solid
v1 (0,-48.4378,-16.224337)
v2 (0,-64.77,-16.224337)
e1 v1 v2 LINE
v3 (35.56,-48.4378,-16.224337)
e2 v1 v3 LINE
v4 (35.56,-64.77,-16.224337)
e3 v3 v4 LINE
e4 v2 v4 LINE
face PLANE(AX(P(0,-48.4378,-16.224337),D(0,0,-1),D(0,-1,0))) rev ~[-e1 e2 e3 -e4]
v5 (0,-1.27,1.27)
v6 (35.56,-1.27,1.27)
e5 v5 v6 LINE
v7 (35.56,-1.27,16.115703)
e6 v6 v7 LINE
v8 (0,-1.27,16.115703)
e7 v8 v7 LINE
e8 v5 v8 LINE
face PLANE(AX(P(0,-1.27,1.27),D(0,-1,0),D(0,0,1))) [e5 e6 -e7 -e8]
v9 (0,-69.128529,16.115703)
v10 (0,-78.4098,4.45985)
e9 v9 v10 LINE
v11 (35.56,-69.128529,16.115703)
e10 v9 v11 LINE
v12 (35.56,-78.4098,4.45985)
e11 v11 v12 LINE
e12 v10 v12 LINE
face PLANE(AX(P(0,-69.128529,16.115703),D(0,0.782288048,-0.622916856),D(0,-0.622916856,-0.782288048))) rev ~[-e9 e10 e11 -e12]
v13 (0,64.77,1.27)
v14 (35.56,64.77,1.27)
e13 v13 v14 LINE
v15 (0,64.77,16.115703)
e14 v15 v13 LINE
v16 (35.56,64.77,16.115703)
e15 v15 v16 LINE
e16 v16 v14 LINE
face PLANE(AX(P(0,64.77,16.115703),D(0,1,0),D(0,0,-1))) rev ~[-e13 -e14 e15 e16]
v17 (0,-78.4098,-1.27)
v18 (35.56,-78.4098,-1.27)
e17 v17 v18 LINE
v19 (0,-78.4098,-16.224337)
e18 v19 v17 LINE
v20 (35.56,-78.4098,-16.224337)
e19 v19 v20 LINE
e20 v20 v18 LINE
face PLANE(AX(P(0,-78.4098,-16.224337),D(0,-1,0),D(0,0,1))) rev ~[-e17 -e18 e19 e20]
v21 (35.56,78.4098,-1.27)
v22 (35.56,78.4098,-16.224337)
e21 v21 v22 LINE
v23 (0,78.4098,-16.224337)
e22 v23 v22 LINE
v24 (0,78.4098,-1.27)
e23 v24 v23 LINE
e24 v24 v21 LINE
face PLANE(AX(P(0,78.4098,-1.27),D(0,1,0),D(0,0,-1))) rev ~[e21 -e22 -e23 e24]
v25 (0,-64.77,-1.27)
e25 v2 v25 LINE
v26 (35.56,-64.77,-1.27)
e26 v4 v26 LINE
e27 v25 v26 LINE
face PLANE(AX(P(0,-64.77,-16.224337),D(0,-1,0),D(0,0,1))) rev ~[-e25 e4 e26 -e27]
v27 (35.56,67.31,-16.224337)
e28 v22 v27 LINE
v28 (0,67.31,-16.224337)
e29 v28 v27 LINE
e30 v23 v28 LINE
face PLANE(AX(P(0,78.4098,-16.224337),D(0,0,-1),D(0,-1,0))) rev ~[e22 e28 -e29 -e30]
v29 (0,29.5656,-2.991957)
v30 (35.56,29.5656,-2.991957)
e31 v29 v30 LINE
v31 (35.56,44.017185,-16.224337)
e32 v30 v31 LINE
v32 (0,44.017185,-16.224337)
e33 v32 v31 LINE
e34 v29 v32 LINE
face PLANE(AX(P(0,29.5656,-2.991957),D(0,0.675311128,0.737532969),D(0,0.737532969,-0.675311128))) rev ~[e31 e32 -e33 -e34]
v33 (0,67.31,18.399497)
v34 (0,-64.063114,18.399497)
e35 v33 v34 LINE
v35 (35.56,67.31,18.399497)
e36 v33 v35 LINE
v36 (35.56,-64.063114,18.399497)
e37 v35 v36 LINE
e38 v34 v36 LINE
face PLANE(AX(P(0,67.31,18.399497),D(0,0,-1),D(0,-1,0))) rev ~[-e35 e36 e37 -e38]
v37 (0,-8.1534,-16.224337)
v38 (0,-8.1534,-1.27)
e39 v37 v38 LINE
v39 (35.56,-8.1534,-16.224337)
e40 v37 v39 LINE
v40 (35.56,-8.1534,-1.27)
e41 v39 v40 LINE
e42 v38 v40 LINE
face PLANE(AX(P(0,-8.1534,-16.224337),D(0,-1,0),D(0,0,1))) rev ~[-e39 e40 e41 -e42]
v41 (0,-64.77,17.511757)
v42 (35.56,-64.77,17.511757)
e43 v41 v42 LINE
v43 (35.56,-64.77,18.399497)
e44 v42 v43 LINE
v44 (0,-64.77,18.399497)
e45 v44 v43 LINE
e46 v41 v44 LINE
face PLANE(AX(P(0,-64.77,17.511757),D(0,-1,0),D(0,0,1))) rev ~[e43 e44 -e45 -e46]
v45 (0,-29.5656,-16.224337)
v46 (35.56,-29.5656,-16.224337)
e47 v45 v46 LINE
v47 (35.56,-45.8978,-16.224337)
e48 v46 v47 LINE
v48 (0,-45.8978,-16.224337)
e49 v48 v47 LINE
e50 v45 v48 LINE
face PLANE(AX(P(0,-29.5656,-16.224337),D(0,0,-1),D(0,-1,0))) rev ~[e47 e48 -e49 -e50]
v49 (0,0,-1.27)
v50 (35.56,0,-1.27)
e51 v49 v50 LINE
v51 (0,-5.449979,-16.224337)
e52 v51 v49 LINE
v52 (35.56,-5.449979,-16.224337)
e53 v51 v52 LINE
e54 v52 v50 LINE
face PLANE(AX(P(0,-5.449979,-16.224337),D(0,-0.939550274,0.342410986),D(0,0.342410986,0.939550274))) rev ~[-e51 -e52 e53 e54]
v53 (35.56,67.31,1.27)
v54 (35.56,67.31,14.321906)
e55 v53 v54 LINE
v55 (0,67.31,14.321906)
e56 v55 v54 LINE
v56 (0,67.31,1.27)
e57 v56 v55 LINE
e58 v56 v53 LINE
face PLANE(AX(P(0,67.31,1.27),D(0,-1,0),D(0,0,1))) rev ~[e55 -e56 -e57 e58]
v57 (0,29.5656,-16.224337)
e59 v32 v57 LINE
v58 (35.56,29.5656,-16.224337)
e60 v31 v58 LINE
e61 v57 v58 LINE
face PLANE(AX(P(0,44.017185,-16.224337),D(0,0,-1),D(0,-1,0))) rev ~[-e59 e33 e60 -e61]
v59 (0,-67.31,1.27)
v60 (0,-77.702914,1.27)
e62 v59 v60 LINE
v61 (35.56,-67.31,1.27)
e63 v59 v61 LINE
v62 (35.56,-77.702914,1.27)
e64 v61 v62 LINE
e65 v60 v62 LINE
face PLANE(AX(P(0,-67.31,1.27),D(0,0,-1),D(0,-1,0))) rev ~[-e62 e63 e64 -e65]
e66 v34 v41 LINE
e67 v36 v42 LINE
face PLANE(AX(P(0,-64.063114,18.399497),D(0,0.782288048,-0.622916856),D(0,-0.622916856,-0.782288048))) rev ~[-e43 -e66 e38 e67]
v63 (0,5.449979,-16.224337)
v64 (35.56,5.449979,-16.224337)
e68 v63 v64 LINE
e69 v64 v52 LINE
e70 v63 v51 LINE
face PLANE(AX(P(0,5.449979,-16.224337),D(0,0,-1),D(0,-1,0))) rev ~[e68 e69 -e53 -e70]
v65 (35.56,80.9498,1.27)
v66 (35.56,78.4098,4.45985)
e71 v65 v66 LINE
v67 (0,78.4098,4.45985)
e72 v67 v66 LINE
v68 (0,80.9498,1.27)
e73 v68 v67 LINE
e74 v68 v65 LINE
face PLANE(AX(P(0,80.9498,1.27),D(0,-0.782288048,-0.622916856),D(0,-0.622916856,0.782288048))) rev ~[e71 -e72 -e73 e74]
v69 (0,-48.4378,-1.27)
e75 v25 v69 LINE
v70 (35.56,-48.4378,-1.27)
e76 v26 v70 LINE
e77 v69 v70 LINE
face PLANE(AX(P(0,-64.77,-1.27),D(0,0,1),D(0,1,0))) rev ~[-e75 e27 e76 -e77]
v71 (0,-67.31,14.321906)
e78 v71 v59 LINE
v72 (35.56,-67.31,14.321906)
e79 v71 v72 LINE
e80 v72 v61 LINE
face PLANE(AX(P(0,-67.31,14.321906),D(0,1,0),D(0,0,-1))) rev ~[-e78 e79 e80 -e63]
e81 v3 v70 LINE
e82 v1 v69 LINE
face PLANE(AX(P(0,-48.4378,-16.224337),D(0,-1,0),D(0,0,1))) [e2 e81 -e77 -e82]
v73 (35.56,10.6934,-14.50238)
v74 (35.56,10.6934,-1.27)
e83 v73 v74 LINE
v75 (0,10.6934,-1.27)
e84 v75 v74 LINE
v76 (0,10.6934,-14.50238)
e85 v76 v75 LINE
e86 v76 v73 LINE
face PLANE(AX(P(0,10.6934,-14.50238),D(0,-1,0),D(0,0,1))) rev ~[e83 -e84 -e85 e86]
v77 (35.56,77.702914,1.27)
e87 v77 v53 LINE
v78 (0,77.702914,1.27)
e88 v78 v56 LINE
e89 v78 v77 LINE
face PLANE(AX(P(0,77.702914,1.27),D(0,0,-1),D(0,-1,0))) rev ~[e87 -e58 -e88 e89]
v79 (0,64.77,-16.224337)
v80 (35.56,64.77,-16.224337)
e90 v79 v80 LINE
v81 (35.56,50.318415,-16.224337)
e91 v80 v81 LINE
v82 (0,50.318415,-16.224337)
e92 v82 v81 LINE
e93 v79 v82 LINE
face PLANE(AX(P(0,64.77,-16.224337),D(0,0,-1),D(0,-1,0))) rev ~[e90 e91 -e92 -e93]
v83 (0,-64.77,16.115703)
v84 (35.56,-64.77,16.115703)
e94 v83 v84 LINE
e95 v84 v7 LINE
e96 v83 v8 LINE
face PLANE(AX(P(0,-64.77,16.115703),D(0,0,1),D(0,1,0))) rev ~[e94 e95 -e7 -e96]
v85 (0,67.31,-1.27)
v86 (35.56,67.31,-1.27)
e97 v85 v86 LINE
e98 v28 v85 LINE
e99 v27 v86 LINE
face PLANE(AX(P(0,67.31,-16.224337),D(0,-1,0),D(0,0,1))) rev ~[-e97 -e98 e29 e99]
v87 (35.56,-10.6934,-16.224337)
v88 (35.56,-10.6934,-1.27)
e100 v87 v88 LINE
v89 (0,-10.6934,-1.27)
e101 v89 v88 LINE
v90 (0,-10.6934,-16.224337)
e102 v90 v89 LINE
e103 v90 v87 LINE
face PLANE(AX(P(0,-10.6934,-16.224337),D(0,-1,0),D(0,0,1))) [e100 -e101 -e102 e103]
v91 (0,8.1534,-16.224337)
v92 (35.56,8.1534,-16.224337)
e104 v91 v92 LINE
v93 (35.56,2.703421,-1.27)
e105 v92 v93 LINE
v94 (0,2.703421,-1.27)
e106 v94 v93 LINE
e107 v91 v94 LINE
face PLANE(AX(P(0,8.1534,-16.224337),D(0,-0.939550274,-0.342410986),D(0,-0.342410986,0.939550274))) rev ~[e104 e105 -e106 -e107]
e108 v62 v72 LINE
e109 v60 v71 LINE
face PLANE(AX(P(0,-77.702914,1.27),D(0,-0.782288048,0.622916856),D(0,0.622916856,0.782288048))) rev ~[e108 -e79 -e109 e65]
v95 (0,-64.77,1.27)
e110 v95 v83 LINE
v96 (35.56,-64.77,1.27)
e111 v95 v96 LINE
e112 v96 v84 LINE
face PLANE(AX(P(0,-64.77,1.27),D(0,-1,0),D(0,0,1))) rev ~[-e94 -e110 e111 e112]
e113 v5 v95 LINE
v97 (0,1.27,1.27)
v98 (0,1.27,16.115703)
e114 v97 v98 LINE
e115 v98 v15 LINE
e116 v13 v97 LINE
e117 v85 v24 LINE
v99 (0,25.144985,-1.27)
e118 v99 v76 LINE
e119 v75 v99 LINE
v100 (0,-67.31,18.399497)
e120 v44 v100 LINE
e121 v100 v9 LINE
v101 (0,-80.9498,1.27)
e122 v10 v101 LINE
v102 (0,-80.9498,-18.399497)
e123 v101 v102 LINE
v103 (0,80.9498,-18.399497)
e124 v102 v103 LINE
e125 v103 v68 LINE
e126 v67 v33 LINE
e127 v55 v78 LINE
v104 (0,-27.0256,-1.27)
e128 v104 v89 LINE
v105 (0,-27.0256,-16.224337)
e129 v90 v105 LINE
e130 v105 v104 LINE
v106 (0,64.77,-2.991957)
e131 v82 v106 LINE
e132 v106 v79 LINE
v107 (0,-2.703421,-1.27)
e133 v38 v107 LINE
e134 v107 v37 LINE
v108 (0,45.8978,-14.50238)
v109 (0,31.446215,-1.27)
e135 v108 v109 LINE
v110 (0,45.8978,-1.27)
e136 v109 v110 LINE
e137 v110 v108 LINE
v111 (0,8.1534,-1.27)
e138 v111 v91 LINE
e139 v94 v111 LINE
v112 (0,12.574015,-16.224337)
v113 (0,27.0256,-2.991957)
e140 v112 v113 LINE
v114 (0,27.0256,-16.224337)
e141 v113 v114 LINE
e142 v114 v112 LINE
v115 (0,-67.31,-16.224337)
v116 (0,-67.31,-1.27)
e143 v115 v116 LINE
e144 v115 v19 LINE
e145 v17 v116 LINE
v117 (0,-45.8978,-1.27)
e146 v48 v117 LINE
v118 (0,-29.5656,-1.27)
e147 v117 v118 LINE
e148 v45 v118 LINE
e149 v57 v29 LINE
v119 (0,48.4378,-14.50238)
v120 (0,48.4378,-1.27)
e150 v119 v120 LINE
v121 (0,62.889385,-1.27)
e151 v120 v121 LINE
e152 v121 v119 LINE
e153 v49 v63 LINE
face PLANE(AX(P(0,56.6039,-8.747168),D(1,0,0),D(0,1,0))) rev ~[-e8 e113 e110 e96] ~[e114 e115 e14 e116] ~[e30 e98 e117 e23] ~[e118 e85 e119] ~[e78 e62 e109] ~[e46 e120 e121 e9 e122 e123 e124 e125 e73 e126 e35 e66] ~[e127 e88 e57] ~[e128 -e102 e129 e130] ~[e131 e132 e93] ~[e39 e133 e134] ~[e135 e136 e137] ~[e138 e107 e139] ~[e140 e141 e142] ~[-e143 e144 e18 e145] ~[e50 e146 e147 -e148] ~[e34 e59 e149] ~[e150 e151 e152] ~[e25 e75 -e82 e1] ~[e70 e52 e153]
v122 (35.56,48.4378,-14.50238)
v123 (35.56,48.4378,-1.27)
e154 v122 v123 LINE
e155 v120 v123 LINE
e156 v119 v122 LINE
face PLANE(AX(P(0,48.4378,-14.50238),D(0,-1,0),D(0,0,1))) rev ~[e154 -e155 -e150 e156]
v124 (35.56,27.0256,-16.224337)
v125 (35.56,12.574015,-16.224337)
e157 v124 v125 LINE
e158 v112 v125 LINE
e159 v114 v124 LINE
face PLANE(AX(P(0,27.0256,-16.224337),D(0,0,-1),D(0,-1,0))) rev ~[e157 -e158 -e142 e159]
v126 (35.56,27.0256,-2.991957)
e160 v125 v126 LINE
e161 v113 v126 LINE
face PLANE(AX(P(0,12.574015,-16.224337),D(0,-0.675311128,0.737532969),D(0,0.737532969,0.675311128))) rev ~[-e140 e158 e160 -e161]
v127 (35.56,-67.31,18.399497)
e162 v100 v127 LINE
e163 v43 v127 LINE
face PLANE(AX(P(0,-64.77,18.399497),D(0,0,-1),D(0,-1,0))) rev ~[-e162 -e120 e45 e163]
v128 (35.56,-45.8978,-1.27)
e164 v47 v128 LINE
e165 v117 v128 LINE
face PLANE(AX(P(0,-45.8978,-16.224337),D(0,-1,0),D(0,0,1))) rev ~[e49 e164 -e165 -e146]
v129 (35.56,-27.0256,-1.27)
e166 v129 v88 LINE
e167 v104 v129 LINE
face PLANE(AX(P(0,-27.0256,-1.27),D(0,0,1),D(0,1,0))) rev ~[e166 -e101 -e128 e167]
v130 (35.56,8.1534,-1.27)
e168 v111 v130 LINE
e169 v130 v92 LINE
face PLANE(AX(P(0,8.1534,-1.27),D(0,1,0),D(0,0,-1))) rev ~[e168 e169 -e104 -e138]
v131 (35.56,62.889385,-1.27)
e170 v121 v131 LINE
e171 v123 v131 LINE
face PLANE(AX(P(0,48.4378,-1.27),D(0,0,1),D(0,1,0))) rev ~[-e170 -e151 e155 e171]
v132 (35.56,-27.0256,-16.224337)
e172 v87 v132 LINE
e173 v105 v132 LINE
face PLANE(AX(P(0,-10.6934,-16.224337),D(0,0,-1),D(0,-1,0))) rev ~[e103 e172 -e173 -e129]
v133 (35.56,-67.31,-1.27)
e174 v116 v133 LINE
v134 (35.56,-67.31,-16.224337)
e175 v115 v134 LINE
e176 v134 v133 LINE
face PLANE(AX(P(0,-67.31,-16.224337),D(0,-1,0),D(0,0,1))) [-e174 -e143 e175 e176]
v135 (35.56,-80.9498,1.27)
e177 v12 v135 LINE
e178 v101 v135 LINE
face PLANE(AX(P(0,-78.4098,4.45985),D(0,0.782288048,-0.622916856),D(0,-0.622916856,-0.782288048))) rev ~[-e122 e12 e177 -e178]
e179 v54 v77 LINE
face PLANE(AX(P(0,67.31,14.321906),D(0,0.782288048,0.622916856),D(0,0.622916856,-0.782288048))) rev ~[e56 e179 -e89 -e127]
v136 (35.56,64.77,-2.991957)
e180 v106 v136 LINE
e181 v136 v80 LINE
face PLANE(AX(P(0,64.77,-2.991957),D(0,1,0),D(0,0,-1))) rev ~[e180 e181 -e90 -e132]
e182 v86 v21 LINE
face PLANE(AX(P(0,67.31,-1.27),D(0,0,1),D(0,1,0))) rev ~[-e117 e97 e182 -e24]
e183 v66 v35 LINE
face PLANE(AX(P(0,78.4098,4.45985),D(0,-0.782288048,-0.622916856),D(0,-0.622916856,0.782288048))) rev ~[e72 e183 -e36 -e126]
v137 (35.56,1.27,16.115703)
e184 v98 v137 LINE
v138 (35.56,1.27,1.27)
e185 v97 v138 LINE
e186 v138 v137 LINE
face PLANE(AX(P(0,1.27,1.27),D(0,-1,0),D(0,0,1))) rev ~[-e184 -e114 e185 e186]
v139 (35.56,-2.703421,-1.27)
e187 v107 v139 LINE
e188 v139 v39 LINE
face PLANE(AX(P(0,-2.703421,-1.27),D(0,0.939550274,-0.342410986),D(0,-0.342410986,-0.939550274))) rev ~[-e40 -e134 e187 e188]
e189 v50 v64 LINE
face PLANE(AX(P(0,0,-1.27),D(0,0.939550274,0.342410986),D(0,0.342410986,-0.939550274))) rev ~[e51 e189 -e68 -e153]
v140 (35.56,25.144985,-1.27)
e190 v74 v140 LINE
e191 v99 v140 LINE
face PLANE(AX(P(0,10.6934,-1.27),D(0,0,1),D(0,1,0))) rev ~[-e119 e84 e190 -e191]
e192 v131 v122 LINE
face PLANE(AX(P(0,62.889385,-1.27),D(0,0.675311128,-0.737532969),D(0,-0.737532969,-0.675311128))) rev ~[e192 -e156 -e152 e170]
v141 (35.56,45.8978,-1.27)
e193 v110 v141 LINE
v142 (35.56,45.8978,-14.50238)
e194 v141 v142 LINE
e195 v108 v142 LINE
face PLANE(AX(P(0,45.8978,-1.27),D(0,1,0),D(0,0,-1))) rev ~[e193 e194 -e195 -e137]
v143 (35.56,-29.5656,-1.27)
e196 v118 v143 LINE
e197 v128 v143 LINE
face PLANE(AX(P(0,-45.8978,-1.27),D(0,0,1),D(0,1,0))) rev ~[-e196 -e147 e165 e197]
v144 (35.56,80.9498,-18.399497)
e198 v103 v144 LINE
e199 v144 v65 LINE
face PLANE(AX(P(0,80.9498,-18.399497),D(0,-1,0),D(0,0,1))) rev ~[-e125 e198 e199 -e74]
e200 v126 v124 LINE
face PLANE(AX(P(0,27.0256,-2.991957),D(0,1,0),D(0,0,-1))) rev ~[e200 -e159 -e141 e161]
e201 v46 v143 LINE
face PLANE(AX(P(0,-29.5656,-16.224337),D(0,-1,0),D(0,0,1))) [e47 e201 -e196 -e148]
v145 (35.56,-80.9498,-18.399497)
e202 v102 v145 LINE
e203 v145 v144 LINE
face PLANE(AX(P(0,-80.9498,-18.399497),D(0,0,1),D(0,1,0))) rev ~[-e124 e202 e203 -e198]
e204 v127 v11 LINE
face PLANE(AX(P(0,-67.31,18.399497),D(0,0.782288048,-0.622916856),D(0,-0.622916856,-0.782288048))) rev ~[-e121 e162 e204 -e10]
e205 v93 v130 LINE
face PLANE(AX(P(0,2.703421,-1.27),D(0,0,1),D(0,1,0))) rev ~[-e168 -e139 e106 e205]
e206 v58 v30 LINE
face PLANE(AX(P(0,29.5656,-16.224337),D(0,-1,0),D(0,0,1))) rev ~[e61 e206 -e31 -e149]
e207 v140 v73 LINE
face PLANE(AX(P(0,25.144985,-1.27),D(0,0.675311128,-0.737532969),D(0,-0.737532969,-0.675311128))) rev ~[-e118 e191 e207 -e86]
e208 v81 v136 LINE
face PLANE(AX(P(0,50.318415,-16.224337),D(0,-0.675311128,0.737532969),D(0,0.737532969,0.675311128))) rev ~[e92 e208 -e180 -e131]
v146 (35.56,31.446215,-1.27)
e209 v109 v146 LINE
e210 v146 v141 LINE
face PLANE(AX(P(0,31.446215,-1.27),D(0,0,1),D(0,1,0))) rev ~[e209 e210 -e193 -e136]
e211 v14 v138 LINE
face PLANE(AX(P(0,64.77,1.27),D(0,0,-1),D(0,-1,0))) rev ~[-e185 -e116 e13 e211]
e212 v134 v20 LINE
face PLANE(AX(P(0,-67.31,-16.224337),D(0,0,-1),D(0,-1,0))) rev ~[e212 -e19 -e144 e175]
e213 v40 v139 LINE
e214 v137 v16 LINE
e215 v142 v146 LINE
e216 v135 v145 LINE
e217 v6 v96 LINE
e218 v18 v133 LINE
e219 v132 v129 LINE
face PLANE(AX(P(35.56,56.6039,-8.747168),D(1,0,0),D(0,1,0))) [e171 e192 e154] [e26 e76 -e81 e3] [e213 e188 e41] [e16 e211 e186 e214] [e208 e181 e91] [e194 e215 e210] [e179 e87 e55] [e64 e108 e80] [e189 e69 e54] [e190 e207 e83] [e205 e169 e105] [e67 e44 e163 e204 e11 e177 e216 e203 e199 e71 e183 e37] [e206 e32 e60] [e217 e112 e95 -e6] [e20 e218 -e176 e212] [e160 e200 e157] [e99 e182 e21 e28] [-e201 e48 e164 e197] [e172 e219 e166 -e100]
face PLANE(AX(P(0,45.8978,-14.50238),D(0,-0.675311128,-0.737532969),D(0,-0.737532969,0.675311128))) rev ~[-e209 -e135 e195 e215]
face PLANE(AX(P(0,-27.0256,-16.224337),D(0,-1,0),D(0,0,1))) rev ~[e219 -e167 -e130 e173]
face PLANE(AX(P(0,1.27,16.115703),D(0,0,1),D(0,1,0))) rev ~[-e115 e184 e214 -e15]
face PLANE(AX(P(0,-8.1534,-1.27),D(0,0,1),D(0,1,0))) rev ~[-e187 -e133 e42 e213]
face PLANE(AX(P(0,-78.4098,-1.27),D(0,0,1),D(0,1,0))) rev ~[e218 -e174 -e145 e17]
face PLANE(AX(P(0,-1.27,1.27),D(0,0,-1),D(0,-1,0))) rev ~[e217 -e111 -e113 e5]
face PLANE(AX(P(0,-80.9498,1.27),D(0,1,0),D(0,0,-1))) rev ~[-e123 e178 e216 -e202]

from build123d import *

# Parameters (mm, degrees)
F0_W     = 2.54
F0_H     = 14.9543367669
F0_H_2   = 14.8457030191
F0_H_3   = 2.2837941437
F0_H_4   = 2.54
F0_H_5   = 2.1751603958
F1_DEPTH = 35.56


with BuildPart() as f1:
    # F0 (on Right) → F1 (new body)
    with BuildSketch(Plane.YZ):
        Polygon((64.77, -2.9919569197), (64.77, -1.27), (62.8893853501, -1.27), (48.4378, -14.5023798472), (48.4378, -16.2243367669), (50.3184146499, -16.2243367669), align=None)
        Polygon((2.7034210638, -1.27), (0, -1.27), (5.4499789362, -16.2243367669), (8.1534, -16.2243367669), align=None)
        Polygon((67.31, -16.2243367669), (67.31, -18.3994971628), (80.9498, -18.3994971628), (80.9498, -1.27), (79.7254540732, -1.27), (78.4098, -1.27), (78.4098, -13.9919658527), (78.4098, -16.2243367669), (76.7904573435, -16.2243367669), align=None)
        with Locations((-28.2956, -8.7471683835)):
            Rectangle(F0_W, F0_H)
        Polygon((0, -1.27), (-2.7034210638, -1.27), (-8.1534, -16.2243367669), (-5.4499789362, -16.2243367669), align=None)
        Polygon((78.4098, 4.4598504959), (67.31, 18.3994971628), (67.31, 16.1157030191), (67.31, 14.3219064297), (77.7029141427, 1.27), (78.4098, 1.27), align=None)
        Polygon((-67.31, 14.3219064297), (-67.31, 16.1157030191), (-69.1285294679, 16.1157030191), (-78.4098, 4.4598504959), (-78.4098, 1.27), (-77.7029141427, 1.27), align=None)
        Polygon((45.8978, -14.5023798472), (31.4462146499, -1.27), (29.5656, -1.27), (29.5656, -2.9919569197), (44.0171853501, -16.2243367669), (45.8978, -16.2243367669), align=None)
        Polygon((-1.27, 18.3994971628), (-64.0631141427, 18.3994971628), (-64.77, 17.5117569256), (-64.77, 16.1157030191), (-1.27, 16.1157030191), align=None)
        with Locations((-9.4234, -8.7471683835)):
            Rectangle(F0_W, F0_H)
        with Locations((0, 8.6928515095)):
            Rectangle(F0_W, F0_H_2)
        Polygon((-79.7254540732, -1.27), (-80.9498, -1.27), (-80.9498, -18.3994971628), (-67.31, -18.3994971628), (-67.31, -16.2243367669), (-78.4098, -16.2243367669), (-78.4098, -1.27), align=None)
        with Locations((-47.1678, -8.7471683835)):
            Rectangle(F0_W, F0_H)
        Polygon((-48.4378, -16.2243367669), (-64.77, -16.2243367669), (-64.77, -18.3994971628), (64.77, -18.3994971628), (64.77, -16.2243367669), (50.3184146499, -16.2243367669), (48.4378, -16.2243367669), (45.8978, -16.2243367669), (44.0171853501, -16.2243367669), (29.5656, -16.2243367669), (27.0256, -16.2243367669), (12.5740146499, -16.2243367669), (10.6934, -16.2243367669), (8.1534, -16.2243367669), (5.4499789362, -16.2243367669), (-5.4499789362, -16.2243367669), (-8.1534, -16.2243367669), (-10.6934, -16.2243367669), (-27.0256, -16.2243367669), (-29.5656, -16.2243367669), (-45.8978, -16.2243367669), align=None)
        Polygon((10.6934, -1.27), (8.1534, -1.27), (8.1534, -16.2243367669), (10.6934, -16.2243367669), (10.6934, -14.5023798472), align=None)
        Polygon((48.4378, -14.5023798472), (48.4378, -1.27), (45.8978, -1.27), (45.8978, -14.5023798472), (45.8978, -16.2243367669), (48.4378, -16.2243367669), align=None)
        Polygon((67.31, -1.27), (64.77, -1.27), (64.77, -2.9919569197), (64.77, -16.2243367669), (67.31, -16.2243367669), (67.31, -3.4008444432), align=None)
        Polygon((-65.8816436106, 16.1157030191), (-67.31, 14.3219064297), (-67.31, 1.27), (-64.77, 1.27), (-64.77, 16.1157030191), align=None)
        Polygon((80.9498, 1.27), (78.4098, 4.4598504959), (78.4098, 1.27), align=None)
        Polygon((-78.4098, 1.27), (-78.4098, 4.4598504959), (-80.9498, 1.27), align=None)
        with Locations((-66.04, -8.7471683835)):
            Rectangle(F0_W, F0_H)
        Polygon((29.5656, -2.9919569197), (29.5656, -1.27), (27.0256, -1.27), (27.0256, -2.9919569197), (27.0256, -16.2243367669), (29.5656, -16.2243367669), align=None)
        Polygon((27.0256, -2.9919569197), (27.0256, -1.27), (25.1449853501, -1.27), (10.6934, -14.5023798472), (10.6934, -16.2243367669), (12.5740146499, -16.2243367669), align=None)
        Polygon((67.31, 16.1157030191), (65.8816436106, 16.1157030191), (67.31, 14.3219064297), align=None)
        Polygon((77.7029141427, 1.27), (67.31, 1.27), (67.31, -1.27), (68.8916112423, -1.27), (78.4098, -1.27), (78.4098, 0.3822597628), align=None)
        Polygon((-67.31, -1.27), (-67.31, 1.27), (-77.7029141427, 1.27), (-78.4098, 0.3822597628), (-78.4098, -1.27), align=None)
        with Locations((0, 17.2576000909)):
            Rectangle(F0_W, F0_H_3)
        Polygon((-65.8816436106, 16.1157030191), (-67.31, 16.1157030191), (-67.31, 14.3219064297), align=None)
        with Locations((-66.04, 0)):
            Rectangle(F0_W, F0_H_4)
        with Locations((66.04, -17.3119169648)):
            Rectangle(F0_W, F0_H_5)
        with Locations((66.04, 0)):
            Rectangle(F0_W, F0_H_4)
        with Locations((-66.04, -17.3119169648)):
            Rectangle(F0_W, F0_H_5)
        Polygon((-1.27, 1.27), (-64.77, 1.27), (-64.77, -1.27), (-48.4378, -1.27), (-45.8978, -1.27), (-29.5656, -1.27), (-27.0256, -1.27), (-10.6934, -1.27), (-8.1534, -1.27), (-2.7034210638, -1.27), (0, -1.27), (2.7034210638, -1.27), (8.1534, -1.27), (10.6934, -1.27), (25.1449853501, -1.27), (27.0256, -1.27), (29.5656, -1.27), (31.4462146499, -1.27), (45.8978, -1.27), (48.4378, -1.27), (62.8893853501, -1.27), (64.77, -1.27), (64.77, 1.27), (1.27, 1.27), align=None)
        Polygon((80.9498, 1.27), (78.4098, 1.27), (78.4098, 0.3822597628), (79.7254540732, -1.27), (80.9498, -1.27), align=None)
        Polygon((-64.77, 16.1157030191), (-64.77, 17.5117569256), (-65.8816436106, 16.1157030191), align=None)
        Polygon((79.7254540732, -1.27), (78.4098, 0.3822597628), (78.4098, -1.27), align=None)
        Polygon((-64.77, 18.3994971628), (-67.31, 18.3994971628), (-67.31, 16.1157030191), (-65.8816436106, 16.1157030191), (-64.77, 17.5117569256), align=None)
        Polygon((-78.4098, -1.27), (-78.4098, 0.3822597628), (-79.7254540732, -1.27), align=None)
        Polygon((-78.4098, 0.3822597628), (-77.7029141427, 1.27), (-78.4098, 1.27), align=None)
        Polygon((-67.31, 16.1157030191), (-67.31, 18.3994971628), (-69.1285294679, 16.1157030191), align=None)
        Polygon((64.77, 18.3994971628), (64.0631141427, 18.3994971628), (64.77, 17.5117569256), align=None)
        Polygon((67.31, 18.3994971628), (64.77, 18.3994971628), (64.77, 17.5117569256), (65.8816436106, 16.1157030191), (67.31, 16.1157030191), align=None)
        Polygon((78.4098, 0.3822597628), (78.4098, 1.27), (77.7029141427, 1.27), align=None)
        Polygon((65.8816436106, 16.1157030191), (64.77, 17.5117569256), (64.77, 16.1157030191), align=None)
        Polygon((-78.4098, 0.3822597628), (-78.4098, 1.27), (-80.9498, 1.27), (-80.9498, -1.27), (-79.7254540732, -1.27), align=None)
        Polygon((64.0631141427, 18.3994971628), (1.27, 18.3994971628), (1.27, 16.1157030191), (64.77, 16.1157030191), (64.77, 17.5117569256), align=None)
        Polygon((65.8816436106, 16.1157030191), (64.77, 16.1157030191), (64.77, 1.27), (67.31, 1.27), (67.31, 14.3219064297), align=None)
    extrude(amount=F1_DEPTH)


solid = f1.part
